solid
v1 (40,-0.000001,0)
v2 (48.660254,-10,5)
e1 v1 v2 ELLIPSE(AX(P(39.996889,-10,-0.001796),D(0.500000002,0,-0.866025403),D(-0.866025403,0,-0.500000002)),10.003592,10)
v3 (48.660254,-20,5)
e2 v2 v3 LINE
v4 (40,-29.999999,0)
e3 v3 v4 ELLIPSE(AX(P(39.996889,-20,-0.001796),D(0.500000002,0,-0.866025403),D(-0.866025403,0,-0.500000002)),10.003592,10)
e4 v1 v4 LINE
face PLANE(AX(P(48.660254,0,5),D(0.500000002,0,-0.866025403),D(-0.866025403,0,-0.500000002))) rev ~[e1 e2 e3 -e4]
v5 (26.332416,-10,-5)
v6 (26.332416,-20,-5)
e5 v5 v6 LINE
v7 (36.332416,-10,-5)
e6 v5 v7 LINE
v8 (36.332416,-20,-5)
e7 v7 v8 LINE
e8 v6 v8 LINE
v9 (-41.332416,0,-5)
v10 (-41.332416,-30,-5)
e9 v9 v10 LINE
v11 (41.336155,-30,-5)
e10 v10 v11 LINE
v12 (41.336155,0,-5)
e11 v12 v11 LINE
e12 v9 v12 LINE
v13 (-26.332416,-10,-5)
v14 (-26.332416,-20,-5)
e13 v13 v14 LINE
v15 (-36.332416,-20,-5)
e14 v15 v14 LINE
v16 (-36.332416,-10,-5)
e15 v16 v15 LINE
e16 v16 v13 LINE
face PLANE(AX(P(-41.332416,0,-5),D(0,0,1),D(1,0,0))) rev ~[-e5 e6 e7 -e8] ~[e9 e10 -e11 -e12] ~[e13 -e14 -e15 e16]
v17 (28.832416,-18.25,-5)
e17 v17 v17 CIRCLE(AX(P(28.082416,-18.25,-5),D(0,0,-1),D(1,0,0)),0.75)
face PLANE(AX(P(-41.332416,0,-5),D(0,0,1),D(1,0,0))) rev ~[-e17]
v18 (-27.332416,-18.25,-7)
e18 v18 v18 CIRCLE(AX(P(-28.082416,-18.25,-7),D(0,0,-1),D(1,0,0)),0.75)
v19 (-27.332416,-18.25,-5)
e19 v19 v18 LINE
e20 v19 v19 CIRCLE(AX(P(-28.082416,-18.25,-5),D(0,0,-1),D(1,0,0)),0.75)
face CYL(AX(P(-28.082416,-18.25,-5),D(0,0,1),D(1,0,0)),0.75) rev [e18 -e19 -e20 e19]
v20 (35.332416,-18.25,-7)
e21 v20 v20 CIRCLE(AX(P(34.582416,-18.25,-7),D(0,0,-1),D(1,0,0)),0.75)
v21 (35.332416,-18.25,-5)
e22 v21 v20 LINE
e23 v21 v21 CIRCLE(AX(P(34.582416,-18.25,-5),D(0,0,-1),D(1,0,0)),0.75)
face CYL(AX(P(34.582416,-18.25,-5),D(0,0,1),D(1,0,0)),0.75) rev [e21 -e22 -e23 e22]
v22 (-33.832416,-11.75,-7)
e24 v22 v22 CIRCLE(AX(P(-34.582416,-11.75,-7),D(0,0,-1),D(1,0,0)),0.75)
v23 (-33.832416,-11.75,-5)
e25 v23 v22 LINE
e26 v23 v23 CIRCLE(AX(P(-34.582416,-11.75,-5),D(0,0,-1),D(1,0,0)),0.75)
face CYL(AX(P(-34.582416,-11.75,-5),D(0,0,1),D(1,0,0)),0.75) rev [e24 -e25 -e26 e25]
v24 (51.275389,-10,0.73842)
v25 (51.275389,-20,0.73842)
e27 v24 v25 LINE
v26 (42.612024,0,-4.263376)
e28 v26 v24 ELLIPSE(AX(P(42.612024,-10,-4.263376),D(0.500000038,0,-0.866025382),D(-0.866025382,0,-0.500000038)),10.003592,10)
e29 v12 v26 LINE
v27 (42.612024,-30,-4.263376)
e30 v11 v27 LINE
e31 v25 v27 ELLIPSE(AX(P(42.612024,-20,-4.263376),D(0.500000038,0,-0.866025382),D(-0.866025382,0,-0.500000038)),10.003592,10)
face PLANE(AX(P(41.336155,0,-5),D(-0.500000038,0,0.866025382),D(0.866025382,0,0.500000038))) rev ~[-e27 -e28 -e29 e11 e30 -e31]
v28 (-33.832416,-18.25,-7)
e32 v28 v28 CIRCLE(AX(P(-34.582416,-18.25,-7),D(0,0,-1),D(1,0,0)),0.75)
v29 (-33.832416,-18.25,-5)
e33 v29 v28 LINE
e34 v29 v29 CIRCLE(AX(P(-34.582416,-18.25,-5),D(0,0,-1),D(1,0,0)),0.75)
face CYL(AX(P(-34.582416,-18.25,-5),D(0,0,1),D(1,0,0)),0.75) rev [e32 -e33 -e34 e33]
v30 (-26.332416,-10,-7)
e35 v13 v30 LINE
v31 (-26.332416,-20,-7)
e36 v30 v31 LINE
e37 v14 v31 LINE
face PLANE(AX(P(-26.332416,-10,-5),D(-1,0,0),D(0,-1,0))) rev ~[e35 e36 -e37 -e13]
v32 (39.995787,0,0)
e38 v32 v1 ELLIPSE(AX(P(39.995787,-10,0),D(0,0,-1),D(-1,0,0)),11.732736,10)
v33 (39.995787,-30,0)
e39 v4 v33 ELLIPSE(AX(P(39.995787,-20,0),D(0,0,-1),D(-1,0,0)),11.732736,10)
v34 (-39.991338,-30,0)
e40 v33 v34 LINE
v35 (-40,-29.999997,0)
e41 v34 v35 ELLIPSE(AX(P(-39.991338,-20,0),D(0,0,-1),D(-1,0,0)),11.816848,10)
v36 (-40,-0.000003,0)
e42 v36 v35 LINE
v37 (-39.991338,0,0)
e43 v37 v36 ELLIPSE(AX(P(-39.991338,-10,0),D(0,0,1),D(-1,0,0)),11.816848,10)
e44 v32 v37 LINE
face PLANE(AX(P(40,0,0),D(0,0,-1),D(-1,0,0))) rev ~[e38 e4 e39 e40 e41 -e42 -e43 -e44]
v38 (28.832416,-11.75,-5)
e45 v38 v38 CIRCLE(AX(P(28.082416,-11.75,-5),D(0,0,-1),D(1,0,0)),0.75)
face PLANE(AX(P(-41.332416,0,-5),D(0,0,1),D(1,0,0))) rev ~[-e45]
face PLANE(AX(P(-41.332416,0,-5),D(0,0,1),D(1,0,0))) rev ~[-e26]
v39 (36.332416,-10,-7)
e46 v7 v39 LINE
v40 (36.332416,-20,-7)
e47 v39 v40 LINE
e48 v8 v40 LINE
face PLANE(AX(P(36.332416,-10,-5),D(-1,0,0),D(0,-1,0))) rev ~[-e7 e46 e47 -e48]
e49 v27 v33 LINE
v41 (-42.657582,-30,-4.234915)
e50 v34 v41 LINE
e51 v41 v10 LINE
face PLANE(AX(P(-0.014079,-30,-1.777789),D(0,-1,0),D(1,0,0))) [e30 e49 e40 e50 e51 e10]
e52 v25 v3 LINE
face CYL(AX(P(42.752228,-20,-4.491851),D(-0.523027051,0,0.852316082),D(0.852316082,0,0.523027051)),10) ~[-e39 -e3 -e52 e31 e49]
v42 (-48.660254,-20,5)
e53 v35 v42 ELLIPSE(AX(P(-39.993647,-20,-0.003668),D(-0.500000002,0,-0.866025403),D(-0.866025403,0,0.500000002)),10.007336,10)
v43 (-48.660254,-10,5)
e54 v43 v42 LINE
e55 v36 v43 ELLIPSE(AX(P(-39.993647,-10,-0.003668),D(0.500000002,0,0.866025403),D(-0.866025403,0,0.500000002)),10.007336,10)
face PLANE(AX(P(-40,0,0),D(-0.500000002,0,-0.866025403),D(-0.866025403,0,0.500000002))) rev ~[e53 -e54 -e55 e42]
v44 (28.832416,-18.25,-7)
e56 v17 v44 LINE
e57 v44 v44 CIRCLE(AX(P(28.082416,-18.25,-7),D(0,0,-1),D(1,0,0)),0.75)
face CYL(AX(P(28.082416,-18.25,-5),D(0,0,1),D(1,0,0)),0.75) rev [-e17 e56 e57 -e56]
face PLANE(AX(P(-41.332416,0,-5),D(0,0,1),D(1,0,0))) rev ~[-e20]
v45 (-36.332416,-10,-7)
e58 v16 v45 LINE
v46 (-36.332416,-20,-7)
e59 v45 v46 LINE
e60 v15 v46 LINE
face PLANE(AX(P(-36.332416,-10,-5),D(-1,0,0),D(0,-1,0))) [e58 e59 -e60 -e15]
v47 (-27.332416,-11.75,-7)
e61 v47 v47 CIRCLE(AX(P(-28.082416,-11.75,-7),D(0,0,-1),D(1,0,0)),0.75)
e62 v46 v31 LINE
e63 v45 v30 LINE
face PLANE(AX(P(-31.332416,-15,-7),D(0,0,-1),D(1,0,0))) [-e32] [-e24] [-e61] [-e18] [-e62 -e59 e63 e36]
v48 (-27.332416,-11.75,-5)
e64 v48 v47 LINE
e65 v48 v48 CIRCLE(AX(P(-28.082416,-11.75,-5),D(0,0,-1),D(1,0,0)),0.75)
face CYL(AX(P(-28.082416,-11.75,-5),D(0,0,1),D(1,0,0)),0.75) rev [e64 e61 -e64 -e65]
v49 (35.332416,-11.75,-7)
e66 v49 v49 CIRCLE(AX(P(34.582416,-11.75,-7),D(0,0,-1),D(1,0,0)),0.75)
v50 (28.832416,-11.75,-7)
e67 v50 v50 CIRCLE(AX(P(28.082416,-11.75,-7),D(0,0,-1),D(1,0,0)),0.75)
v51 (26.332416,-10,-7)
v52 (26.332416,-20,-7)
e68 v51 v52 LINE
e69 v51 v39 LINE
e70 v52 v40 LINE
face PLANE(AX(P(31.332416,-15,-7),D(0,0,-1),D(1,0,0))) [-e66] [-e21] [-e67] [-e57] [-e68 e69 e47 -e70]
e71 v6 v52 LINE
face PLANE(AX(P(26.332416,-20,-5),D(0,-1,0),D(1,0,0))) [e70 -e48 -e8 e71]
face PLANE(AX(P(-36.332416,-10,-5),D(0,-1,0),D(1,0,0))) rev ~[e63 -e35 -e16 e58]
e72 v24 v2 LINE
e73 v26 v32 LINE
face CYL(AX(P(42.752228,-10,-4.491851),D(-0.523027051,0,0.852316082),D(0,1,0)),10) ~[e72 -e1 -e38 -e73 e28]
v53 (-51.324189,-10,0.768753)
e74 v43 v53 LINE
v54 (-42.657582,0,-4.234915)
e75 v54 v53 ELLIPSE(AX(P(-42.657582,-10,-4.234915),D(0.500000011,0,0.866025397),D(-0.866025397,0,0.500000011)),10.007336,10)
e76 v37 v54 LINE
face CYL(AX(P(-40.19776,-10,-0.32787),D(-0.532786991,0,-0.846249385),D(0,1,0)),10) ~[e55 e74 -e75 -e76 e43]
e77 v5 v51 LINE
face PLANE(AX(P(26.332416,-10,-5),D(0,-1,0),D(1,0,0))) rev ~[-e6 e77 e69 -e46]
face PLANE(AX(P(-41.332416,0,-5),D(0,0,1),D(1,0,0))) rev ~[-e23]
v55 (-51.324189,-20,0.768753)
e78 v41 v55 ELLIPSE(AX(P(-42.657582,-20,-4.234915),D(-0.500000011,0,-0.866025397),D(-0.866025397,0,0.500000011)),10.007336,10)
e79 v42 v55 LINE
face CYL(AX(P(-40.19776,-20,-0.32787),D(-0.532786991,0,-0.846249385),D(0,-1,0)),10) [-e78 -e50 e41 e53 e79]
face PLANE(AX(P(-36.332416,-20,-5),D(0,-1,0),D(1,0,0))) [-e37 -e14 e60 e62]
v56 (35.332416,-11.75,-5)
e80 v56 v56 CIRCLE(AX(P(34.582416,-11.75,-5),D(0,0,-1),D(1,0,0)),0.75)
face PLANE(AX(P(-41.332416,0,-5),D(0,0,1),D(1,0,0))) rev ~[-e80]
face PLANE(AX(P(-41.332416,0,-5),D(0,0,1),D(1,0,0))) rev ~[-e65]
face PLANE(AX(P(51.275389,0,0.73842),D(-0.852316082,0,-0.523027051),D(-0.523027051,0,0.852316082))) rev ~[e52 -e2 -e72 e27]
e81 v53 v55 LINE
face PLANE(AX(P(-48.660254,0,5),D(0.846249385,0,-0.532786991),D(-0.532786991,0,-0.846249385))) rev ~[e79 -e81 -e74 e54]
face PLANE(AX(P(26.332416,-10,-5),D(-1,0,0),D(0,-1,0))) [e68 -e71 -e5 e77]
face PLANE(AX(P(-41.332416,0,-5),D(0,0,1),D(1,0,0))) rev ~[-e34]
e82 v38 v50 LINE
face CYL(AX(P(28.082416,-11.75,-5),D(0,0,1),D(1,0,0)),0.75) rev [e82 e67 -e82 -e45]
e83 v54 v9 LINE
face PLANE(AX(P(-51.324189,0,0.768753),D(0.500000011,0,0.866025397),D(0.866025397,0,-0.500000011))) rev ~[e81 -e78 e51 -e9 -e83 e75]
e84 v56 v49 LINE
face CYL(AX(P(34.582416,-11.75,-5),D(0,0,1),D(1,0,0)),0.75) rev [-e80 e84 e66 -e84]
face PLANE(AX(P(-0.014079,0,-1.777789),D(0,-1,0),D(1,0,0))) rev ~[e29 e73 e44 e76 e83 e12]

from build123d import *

# Parameters (mm, degrees)
F1_DEPTH = 30
F2_R     = 10
F3_R     = 10
F4_R     = 10
F5_R     = 10
F6_W     = 10
F6_H     = 10
F6_R     = 0.75
F7_DEPTH = 2


with BuildPart() as f1:
    # F0 (on Front) → F1 (new body)
    with BuildSketch(Plane.XZ):
        Polygon((40, 0), (0, 0), (-40, 0), (-48.660254, 5), (-51.324189, 0.768753), (-41.332416, -5), (41.336155, -5), (51.275389, 0.73842), (48.660254, 5), align=None)
    extrude(amount=F1_DEPTH)

    # F2
    f2_edges = [f1.edges().sort_by_distance(p)[0] for p in [
        (49.967822, -30, 2.86921),
    ]]
    fillet(f2_edges, radius=F2_R)

    # F3
    f3_edges = [f1.edges().sort_by_distance(p)[0] for p in [
        (49.967822, 0, 2.86921),
    ]]
    fillet(f3_edges, radius=F3_R)

    # F4
    f4_edges = [f1.edges().sort_by_distance(p)[0] for p in [
        (-49.992221, 0, 2.884377),
    ]]
    fillet(f4_edges, radius=F4_R)

    # F5
    f5_edges = [f1.edges().sort_by_distance(p)[0] for p in [
        (-49.992221, -30, 2.884377),
    ]]
    fillet(f5_edges, radius=F5_R)

    # F6 (on face) → F7 (join)
    with BuildSketch(Plane(origin=(0, 0, -5), x_dir=(1, 0, 0), z_dir=(0, 0, -1))):
        with Locations((31.332416, 15)):
            Rectangle(F6_W, F6_H)
        with Locations((28.082416, 11.75)):
            Circle(F6_R, mode=Mode.SUBTRACT)
        with Locations((34.582416, 11.75)):
            Circle(F6_R, mode=Mode.SUBTRACT)
        with Locations((28.082416, 18.25)):
            Circle(F6_R, mode=Mode.SUBTRACT)
        with Locations((34.582416, 18.25)):
            Circle(F6_R, mode=Mode.SUBTRACT)
        with Locations((-31.332416, 15)):
            Rectangle(F6_W, F6_H)
        with Locations((-34.582416, 11.75)):
            Circle(F6_R, mode=Mode.SUBTRACT)
        with Locations((-28.082416, 11.75)):
            Circle(F6_R, mode=Mode.SUBTRACT)
        with Locations((-34.582416, 18.25)):
            Circle(F6_R, mode=Mode.SUBTRACT)
        with Locations((-28.082416, 18.25)):
            Circle(F6_R, mode=Mode.SUBTRACT)
    extrude(amount=F7_DEPTH)


solid = f1.part
